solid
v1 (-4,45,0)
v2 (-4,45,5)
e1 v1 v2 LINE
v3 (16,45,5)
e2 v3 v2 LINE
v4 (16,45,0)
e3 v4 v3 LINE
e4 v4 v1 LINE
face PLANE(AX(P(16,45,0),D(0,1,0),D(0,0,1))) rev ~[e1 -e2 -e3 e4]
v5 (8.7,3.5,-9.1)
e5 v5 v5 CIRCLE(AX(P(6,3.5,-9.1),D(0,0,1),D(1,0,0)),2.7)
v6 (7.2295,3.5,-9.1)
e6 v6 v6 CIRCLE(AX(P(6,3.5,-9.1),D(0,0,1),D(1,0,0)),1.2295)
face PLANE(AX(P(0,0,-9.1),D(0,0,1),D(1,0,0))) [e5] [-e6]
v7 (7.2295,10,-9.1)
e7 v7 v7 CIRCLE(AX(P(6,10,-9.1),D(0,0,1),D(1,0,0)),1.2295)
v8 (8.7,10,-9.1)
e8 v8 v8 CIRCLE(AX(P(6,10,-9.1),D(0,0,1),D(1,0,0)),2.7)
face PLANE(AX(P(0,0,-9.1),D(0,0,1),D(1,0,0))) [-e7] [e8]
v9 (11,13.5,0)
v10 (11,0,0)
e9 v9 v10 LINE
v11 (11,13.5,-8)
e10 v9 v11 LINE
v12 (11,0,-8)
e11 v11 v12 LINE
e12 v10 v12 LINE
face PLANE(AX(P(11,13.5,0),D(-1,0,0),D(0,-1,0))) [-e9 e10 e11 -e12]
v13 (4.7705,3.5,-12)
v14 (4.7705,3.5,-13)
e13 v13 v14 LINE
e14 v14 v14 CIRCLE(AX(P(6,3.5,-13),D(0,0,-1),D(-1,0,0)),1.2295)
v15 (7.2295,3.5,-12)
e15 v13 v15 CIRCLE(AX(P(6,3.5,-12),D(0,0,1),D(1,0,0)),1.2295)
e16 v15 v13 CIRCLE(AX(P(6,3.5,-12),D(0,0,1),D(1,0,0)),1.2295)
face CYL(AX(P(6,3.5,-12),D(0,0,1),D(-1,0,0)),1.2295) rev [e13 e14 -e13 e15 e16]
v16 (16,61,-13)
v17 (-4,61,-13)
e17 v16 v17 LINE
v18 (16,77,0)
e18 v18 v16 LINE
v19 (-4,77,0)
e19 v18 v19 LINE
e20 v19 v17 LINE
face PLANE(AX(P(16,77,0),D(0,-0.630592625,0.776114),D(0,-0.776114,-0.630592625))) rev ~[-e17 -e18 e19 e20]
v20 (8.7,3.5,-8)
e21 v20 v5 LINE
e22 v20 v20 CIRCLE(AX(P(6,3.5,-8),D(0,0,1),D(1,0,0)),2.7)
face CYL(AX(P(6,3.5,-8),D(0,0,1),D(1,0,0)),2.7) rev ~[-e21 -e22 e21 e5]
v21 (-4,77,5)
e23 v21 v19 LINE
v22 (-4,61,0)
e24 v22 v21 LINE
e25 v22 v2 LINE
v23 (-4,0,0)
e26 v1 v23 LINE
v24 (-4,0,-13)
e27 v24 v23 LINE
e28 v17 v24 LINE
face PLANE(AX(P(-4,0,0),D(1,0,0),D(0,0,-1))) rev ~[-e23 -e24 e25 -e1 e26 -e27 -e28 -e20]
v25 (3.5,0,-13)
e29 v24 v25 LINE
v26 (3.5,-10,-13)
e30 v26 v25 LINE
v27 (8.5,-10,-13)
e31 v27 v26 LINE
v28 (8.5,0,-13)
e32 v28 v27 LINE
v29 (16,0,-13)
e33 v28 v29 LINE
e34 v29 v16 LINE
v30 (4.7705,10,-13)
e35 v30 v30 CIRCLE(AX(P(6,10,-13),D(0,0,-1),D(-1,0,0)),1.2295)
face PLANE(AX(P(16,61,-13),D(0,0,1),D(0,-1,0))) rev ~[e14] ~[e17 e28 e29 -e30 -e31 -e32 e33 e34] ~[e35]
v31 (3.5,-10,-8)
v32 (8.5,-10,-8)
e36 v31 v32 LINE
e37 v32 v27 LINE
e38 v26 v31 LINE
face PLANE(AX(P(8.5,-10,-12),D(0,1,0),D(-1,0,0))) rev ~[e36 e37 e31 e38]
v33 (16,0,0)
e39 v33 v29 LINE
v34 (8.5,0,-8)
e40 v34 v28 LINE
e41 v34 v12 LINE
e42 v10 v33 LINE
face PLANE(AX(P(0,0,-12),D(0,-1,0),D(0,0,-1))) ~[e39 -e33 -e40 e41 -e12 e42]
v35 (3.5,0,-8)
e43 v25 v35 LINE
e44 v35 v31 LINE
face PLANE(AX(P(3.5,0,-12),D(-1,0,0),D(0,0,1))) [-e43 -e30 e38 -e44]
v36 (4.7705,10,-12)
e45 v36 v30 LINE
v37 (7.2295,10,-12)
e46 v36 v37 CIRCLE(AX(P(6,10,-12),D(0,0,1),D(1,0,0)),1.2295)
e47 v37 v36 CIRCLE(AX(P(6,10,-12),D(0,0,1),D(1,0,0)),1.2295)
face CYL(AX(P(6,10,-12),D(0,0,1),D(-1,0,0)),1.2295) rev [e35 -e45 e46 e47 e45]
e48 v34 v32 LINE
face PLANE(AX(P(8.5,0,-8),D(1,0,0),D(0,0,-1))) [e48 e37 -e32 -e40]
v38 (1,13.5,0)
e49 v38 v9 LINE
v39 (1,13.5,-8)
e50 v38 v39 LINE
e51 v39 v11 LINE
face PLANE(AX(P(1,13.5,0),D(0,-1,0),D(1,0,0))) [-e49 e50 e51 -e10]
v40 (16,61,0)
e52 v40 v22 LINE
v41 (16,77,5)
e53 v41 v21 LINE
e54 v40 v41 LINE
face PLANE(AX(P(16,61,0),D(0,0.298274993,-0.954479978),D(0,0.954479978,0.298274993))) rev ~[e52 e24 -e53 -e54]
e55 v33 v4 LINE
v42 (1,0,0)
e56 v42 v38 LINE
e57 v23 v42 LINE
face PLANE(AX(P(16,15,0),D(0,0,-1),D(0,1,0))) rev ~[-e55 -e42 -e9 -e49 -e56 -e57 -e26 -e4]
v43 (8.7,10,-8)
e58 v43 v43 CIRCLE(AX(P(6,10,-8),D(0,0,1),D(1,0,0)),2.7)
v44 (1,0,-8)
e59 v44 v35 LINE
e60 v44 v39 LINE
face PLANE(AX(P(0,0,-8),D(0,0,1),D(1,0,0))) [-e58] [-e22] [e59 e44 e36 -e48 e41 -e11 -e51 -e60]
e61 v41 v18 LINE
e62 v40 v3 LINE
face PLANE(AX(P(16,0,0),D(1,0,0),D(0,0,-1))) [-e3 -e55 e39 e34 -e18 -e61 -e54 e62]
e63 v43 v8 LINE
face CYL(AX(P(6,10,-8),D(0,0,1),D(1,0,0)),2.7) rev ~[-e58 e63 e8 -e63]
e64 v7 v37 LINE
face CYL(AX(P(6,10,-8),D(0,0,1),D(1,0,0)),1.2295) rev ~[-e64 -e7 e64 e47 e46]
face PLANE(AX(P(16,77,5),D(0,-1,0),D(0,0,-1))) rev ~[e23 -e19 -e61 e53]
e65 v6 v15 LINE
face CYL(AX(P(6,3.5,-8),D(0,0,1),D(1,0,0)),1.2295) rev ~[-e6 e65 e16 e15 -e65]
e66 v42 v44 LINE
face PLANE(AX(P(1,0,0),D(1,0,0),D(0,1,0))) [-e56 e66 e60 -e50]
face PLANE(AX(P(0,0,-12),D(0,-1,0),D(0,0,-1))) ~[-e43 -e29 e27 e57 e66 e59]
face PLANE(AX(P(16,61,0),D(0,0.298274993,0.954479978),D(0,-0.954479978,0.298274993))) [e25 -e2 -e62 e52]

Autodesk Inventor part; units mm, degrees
ref_plane "YZ Plane" through (0, 0, 0) normal (1, 0, 0) x (0, 1, 0)
ref_plane "XZ Plane" through (0, 0, 0) normal (0, 1, 0) x (-1, 0, 0)
sketch "Sketch2" plane through (0, 0, 0) normal (1, 0, 0) x (0, 1, 0)
  line L0 (0, 0) -> (15, 0)
  line L1 (15, 0) -> (15, -10)
  line L2 (15, -10) -> (0, -10)
  line L3 (0, -10) -> (0, 0)
  dimension "d4" = 15
  dimension "d5" = 10
extrude "Extrusion2" add sketch "Sketch2" along normal blind 12
sketch "Sketch3" plane through (0, 0, 0) normal (0, 0, 1) x (1, 0, 0)
  line L0 (0, 0) -> (1, 0)
  line L1 (0, 0) -> (12, 0) projected
  line L2 (1, 0) -> (1, 13.5)
  line L3 (1, 13.5) -> (11, 13.5)
  line L4 (11, 13.5) -> (11, 0)
  line L5 (11, 0) -> (1, 0)
  dimension "d8" = 1
  dimension "d9" = 13.5
  dimension "d10" = 10
extrude "Extrusion3" cut sketch "Sketch3" against normal blind 8
sketch "Sketch4" plane through (0, 0, -10) normal (0, 0, -1) x (-1, 0, 0)
  line L0 (0, 15) -> (-12, 15) projected
  line L1 (0, 0) -> (-12, 0) projected
  line L2 (-12, 15) -> (0, 15)
  line L3 (0, 15) -> (0, 0)
  line L4 (0, 0) -> (-12, 0)
  line L5 (-12, 0) -> (-12, 15)
extrude "Extrusion4" add sketch "Sketch4" along normal blind 2
sketch "Sketch5" plane through (0, 0, -8) normal (0, 0, 1) x (1, 0, 0)
  line L0 (1, 13.5) -> (11, 13.5) projected
  line L1 (6, 13.5) -> (6, 10)
  line L2 (6, 10) -> (6, 3.5)
  circle A0 centre (6, 10) radius 1.2295
  circle A1 centre (6, 3.5) radius 1.2295
  point P0 (0, 0)
  dimension "d15" = 3.5
  dimension "d16" = 6.5
  dimension "d17" = 2.459
  dimension "d18" = 2.459
extrude "Extrusion5" cut sketch "Sketch5" against normal blind 4
sketch "Sketch6" plane through (0, 0, -8) normal (0, 0, 1) x (1, 0, 0)
  circle A0 centre (6, 10) radius 1.2295 projected
  circle A1 centre (6, 10) radius 2.7
  circle A2 centre (6, 3.5) radius 1.2295 projected
  circle A3 centre (6, 3.5) radius 2.7
  point P0 (0, 0)
  dimension "d21" = 5.4
  dimension "d22" = 5.4
extrude "Extrusion6" cut sketch "Sketch6" against normal blind 1.1
sketch "Sketch15" plane through (12, 0, 0) normal (1, 0, 0) x (0, 0, -1)
  line L0 (0, 15) -> (12, 15) projected
  line L1 (12, 15) -> (12, 0) projected
  line L2 (0, 15) -> (12, 15)
  line L3 (12, 15) -> (12, 0)
  line L4 (12, 0) -> (0, 0)
  line L5 (0, 0) -> (0, 15)
extrude "Extrusion14" add sketch "Sketch15" along normal blind 4
ref_plane "Work Plane1" through (6, 0, 0) normal (1, 0, 0) x (0, 0, -1)
mirror "Mirror1" about plane through (6, 0, 0) normal (1, 0, 0) of "Extrusion14"
sketch "Sketch16" plane through (1, 0, -8) normal (0, -1, 0) x (1, 0, 0)
  line L0 (10, 0) -> (0, 0) projected
  line L1 (5, 0) -> (7.5, 0)
  line L2 (7.5, 0) -> (7.5, -4)
  line L3 (-5, -4) -> (15, -4) projected
  line L4 (7.5, -4) -> (2.5, -4)
  line L5 (2.5, -4) -> (2.5, 0)
  line L6 (2.5, 0) -> (5, 0)
  point P0 (-1, 8)
  dimension "d61" = 2.5
  dimension "d62" = 4
  dimension "d63" = 5
  dimension "d64" = 4
extrude "Extrusion15" add sketch "Sketch16" along normal blind 10
sketch "Sketch18" plane through (0, 0, -12) normal (0, 0, -1) x (-1, 0, 0)
  line L0 (-16, 15) -> (4, 15) projected
  line L1 (4, 0) -> (-3.5, 0) projected
  line L2 (-16, 15) -> (4, 15)
  line L3 (4, 15) -> (4, 0)
  line L4 (4, 0) -> (-16, 0)
  line L5 (-16, 0) -> (-16, 15)
  line L6 (-8.5, -10) -> (-3.5, -10) projected
  line L7 (-3.5, 0) -> (-8.5, 0)
  line L8 (-8.5, 0) -> (-8.5, -10)
  line L9 (-8.5, -10) -> (-3.5, -10)
  line L10 (-3.5, -10) -> (-3.5, 0)
  circle A0 centre (-6, 3.5) radius 1.2295 projected
  circle A1 centre (-6, 3.5) radius 1.2295
  circle A2 centre (-6, 10) radius 1.2295 projected
  circle A3 centre (-6, 10) radius 1.2295
  point P0 (0, 0)
extrude "Extrusion16" add sketch "Sketch18" along normal blind 1
sketch "Sketch19" plane through (16, 0, 0) normal (1, 0, 0) x (0, 0, -1)
  line L0 (0, 15) -> (13, 15) projected
  line L1 (0, 15) -> (0, 40)
  line L2 (13, 45) -> (13, 15)
  line L3 (13, 56) -> (13, 45)
  line L4 (0, 45) -> (0, 40)
  line L5 (0, 45) -> (-5, 45)
  line L6 (13, 60) -> (13, 56)
  line L7 (-5, 77) -> (0, 77)
  line L8 (0, 77) -> (13, 61)
  line L9 (13, 61) -> (13, 60)
  line L10 (0, 61) -> (-5, 77)
  line L11 (0, 61) -> (-5, 45)
  point P0 (0, 0)
extrude "Extrusion17" add sketch "Sketch19" against normal blind 20
properties part number "30mm_x_20mm"
